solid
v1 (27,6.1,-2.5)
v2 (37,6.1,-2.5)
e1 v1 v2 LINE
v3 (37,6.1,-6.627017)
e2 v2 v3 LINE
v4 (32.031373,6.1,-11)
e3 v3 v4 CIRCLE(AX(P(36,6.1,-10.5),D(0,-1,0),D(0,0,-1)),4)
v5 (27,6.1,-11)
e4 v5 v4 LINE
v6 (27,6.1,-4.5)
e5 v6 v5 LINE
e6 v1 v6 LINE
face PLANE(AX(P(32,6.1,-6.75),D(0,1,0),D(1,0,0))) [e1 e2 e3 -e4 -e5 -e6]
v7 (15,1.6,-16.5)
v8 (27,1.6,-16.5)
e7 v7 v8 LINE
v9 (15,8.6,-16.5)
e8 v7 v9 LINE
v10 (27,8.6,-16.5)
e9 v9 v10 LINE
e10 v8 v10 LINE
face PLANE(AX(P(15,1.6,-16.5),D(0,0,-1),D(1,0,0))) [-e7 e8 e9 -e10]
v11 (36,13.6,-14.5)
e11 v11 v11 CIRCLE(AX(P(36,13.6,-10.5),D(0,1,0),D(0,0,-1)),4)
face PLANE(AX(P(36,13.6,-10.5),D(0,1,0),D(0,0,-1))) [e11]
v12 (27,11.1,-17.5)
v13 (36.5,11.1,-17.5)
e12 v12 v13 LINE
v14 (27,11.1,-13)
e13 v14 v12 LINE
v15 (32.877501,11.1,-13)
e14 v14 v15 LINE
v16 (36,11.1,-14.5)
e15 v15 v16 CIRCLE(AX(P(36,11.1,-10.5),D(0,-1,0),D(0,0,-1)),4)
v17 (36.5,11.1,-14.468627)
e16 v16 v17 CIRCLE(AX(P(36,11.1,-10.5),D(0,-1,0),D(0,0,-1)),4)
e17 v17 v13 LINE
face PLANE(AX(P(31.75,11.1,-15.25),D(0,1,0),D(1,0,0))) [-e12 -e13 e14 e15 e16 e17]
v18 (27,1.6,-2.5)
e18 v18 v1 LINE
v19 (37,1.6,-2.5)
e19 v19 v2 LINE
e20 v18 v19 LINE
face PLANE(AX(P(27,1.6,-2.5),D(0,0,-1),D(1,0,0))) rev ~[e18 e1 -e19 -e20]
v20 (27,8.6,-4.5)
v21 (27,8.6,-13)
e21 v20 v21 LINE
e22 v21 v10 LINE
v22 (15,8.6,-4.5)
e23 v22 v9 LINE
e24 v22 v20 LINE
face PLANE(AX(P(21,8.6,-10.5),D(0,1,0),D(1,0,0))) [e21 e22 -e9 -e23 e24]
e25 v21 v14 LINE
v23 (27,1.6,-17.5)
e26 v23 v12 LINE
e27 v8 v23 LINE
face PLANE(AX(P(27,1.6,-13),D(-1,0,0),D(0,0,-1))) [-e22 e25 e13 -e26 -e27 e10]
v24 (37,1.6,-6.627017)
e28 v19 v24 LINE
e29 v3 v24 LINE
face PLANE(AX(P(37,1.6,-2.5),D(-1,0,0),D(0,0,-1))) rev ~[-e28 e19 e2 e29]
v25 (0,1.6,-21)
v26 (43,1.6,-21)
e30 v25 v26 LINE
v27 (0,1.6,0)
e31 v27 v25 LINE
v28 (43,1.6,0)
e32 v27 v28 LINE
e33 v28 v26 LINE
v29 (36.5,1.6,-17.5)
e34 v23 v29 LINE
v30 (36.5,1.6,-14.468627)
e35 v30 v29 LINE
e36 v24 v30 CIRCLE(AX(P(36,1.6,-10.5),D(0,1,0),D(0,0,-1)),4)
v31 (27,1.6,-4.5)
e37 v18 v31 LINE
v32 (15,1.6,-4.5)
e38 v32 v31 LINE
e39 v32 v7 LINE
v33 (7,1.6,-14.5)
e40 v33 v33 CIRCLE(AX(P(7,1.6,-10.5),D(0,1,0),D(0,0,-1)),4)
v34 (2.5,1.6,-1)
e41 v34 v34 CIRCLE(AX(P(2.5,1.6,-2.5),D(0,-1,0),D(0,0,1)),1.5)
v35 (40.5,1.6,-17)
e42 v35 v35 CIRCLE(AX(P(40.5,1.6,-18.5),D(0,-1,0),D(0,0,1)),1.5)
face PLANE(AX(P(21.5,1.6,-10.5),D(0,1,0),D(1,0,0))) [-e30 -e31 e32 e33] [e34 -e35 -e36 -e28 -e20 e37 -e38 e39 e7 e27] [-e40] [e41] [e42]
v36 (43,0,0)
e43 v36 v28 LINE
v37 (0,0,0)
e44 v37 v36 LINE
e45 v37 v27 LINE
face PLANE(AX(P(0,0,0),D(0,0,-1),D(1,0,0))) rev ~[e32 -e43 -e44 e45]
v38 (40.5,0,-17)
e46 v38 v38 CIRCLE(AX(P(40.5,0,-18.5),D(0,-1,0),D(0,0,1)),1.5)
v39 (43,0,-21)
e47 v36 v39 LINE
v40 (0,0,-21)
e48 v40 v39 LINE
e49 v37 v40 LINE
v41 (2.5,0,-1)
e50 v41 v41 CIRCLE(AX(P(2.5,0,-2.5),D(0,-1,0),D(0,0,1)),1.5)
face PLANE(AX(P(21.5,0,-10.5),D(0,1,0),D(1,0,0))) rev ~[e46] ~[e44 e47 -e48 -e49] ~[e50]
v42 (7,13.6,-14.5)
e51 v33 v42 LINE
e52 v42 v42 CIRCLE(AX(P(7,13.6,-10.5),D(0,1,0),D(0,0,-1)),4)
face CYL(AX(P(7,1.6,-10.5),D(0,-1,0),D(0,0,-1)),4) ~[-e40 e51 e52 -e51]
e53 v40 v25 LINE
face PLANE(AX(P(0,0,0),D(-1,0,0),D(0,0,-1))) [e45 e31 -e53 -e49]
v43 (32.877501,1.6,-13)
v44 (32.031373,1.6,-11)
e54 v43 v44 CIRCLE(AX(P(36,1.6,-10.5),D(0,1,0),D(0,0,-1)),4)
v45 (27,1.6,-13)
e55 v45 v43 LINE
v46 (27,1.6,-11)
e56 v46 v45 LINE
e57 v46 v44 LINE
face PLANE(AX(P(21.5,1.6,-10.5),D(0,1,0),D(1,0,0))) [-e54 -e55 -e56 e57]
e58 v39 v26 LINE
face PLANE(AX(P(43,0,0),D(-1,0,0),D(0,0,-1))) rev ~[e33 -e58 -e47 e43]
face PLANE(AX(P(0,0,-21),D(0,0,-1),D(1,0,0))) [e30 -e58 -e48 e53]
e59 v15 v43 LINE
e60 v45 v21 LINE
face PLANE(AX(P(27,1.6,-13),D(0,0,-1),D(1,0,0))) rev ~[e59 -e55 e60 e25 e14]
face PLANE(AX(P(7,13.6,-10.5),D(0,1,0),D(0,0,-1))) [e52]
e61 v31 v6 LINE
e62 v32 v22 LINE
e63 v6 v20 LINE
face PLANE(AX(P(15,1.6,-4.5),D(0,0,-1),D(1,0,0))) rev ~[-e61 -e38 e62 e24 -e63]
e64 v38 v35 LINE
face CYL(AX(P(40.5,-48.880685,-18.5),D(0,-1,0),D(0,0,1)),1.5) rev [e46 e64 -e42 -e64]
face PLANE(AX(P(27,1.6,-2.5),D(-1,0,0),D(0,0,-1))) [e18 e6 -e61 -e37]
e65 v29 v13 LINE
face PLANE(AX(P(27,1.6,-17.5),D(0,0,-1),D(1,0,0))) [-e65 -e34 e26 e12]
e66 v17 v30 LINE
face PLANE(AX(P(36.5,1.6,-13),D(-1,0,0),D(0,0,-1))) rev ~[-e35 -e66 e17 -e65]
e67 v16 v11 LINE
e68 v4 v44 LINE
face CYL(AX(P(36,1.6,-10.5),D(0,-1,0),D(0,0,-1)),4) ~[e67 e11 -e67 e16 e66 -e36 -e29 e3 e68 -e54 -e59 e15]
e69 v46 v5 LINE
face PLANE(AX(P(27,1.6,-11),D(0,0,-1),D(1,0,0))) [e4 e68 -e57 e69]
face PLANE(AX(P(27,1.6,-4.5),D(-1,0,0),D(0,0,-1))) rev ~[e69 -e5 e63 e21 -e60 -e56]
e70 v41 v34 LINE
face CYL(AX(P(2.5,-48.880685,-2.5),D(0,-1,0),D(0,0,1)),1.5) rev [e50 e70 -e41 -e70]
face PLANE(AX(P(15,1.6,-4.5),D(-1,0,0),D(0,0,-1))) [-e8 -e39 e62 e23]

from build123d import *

# Parameters (mm, degrees)
SKETCH1_W               = 43
SKETCH1_H               = 21
PCB_DEPTH               = 1.6
MOUNT_HOLE_1_DEPTH      = 48.880685041
MOUNT_HOLE_1_DEPTH_BACK = 48.880685041
SKETCH2_R               = 1.5
MOUNT_HOLE_2_DEPTH      = 48.880685041
MOUNT_HOLE_2_DEPTH_BACK = 48.880685041
SKETCH3_R               = 1.5
INDUCTOR_START          = 1.6
SKETCH4_W               = 12
SKETCH4_H               = 12
INDUCTOR_DEPTH          = 7
CAP_IN_START            = 1.6
SKETCH5_R               = 4
CAP_IN_DEPTH            = 12
CAP_OUT_START           = 1.6
SKETCH6_R               = 4
CAP_OUT_DEPTH           = 12
TRIM_POT_START          = 1.6
SKETCH7_W               = 9.5
SKETCH7_H               = 4.5
TRIM_POT_DEPTH          = 9.5
LM2596S_START           = 1.6
SKETCH8_W               = 10
SKETCH8_H               = 8.5
LM2596S_DEPTH           = 4.5


with BuildPart() as part:
    # Sketch1 → PCB (new body)
    with BuildSketch(Plane(origin=(0, 0, 0), x_dir=(1, 0, 0), z_dir=(0, 1, 0))):
        with Locations((21.5, 10.5)):
            Rectangle(SKETCH1_W, SKETCH1_H)
    extrude(amount=PCB_DEPTH)

    # Sketch2 → Mount_hole_1 (cut, two sides: drawn at the far end of the back side and taken through both)
    with BuildSketch(Plane(origin=(0, 0, 0), x_dir=(1, 0, 0), z_dir=(0, 1, 0)).offset(-MOUNT_HOLE_1_DEPTH_BACK)):
        with Locations(Location((2.5, 2.5, 0), (0, 0, 270))):
            Circle(SKETCH2_R)
    extrude(amount=MOUNT_HOLE_1_DEPTH + MOUNT_HOLE_1_DEPTH_BACK, mode=Mode.SUBTRACT)

    # Sketch3 → Mount_hole_2 (cut, two sides: drawn at the far end of the back side and taken through both)
    with BuildSketch(Plane(origin=(0, 0, 0), x_dir=(1, 0, 0), z_dir=(0, 1, 0)).offset(-MOUNT_HOLE_2_DEPTH_BACK)):
        with Locations(Location((40.5, 18.5, 0), (0, 0, 270))):
            Circle(SKETCH3_R)
    extrude(amount=MOUNT_HOLE_2_DEPTH + MOUNT_HOLE_2_DEPTH_BACK, mode=Mode.SUBTRACT)

    # Sketch4 → Inductor (add)
    with BuildSketch(Plane(origin=(0, 0, 0), x_dir=(1, 0, 0), z_dir=(0, 1, 0)).offset(INDUCTOR_START)):
        with Locations((21, 10.5)):
            Rectangle(SKETCH4_W, SKETCH4_H)
    extrude(amount=INDUCTOR_DEPTH)

    # Sketch5 → Cap_in (add)
    with BuildSketch(Plane(origin=(0, 0, 0), x_dir=(1, 0, 0), z_dir=(0, 1, 0)).offset(CAP_IN_START)):
        with Locations(Location((7, 10.5, 0), (0, 0, 90))):
            Circle(SKETCH5_R)
    extrude(amount=CAP_IN_DEPTH)

    # Sketch6 → Cap_out (add)
    with BuildSketch(Plane(origin=(0, 0, 0), x_dir=(1, 0, 0), z_dir=(0, 1, 0)).offset(CAP_OUT_START)):
        with Locations(Location((36, 10.5, 0), (0, 0, 90))):
            Circle(SKETCH6_R)
    extrude(amount=CAP_OUT_DEPTH)

    # Sketch7 → Trim_pot (add)
    with BuildSketch(Plane(origin=(0, 0, 0), x_dir=(1, 0, 0), z_dir=(0, 1, 0)).offset(TRIM_POT_START)):
        with Locations((31.75, 15.25)):
            Rectangle(SKETCH7_W, SKETCH7_H)
    extrude(amount=TRIM_POT_DEPTH)

    # Sketch8 → LM2596S (add)
    with BuildSketch(Plane(origin=(0, 0, 0), x_dir=(1, 0, 0), z_dir=(0, 1, 0)).offset(LM2596S_START)):
        with Locations((32, 6.75)):
            Rectangle(SKETCH8_W, SKETCH8_H)
    extrude(amount=LM2596S_DEPTH)


solid = part.part
